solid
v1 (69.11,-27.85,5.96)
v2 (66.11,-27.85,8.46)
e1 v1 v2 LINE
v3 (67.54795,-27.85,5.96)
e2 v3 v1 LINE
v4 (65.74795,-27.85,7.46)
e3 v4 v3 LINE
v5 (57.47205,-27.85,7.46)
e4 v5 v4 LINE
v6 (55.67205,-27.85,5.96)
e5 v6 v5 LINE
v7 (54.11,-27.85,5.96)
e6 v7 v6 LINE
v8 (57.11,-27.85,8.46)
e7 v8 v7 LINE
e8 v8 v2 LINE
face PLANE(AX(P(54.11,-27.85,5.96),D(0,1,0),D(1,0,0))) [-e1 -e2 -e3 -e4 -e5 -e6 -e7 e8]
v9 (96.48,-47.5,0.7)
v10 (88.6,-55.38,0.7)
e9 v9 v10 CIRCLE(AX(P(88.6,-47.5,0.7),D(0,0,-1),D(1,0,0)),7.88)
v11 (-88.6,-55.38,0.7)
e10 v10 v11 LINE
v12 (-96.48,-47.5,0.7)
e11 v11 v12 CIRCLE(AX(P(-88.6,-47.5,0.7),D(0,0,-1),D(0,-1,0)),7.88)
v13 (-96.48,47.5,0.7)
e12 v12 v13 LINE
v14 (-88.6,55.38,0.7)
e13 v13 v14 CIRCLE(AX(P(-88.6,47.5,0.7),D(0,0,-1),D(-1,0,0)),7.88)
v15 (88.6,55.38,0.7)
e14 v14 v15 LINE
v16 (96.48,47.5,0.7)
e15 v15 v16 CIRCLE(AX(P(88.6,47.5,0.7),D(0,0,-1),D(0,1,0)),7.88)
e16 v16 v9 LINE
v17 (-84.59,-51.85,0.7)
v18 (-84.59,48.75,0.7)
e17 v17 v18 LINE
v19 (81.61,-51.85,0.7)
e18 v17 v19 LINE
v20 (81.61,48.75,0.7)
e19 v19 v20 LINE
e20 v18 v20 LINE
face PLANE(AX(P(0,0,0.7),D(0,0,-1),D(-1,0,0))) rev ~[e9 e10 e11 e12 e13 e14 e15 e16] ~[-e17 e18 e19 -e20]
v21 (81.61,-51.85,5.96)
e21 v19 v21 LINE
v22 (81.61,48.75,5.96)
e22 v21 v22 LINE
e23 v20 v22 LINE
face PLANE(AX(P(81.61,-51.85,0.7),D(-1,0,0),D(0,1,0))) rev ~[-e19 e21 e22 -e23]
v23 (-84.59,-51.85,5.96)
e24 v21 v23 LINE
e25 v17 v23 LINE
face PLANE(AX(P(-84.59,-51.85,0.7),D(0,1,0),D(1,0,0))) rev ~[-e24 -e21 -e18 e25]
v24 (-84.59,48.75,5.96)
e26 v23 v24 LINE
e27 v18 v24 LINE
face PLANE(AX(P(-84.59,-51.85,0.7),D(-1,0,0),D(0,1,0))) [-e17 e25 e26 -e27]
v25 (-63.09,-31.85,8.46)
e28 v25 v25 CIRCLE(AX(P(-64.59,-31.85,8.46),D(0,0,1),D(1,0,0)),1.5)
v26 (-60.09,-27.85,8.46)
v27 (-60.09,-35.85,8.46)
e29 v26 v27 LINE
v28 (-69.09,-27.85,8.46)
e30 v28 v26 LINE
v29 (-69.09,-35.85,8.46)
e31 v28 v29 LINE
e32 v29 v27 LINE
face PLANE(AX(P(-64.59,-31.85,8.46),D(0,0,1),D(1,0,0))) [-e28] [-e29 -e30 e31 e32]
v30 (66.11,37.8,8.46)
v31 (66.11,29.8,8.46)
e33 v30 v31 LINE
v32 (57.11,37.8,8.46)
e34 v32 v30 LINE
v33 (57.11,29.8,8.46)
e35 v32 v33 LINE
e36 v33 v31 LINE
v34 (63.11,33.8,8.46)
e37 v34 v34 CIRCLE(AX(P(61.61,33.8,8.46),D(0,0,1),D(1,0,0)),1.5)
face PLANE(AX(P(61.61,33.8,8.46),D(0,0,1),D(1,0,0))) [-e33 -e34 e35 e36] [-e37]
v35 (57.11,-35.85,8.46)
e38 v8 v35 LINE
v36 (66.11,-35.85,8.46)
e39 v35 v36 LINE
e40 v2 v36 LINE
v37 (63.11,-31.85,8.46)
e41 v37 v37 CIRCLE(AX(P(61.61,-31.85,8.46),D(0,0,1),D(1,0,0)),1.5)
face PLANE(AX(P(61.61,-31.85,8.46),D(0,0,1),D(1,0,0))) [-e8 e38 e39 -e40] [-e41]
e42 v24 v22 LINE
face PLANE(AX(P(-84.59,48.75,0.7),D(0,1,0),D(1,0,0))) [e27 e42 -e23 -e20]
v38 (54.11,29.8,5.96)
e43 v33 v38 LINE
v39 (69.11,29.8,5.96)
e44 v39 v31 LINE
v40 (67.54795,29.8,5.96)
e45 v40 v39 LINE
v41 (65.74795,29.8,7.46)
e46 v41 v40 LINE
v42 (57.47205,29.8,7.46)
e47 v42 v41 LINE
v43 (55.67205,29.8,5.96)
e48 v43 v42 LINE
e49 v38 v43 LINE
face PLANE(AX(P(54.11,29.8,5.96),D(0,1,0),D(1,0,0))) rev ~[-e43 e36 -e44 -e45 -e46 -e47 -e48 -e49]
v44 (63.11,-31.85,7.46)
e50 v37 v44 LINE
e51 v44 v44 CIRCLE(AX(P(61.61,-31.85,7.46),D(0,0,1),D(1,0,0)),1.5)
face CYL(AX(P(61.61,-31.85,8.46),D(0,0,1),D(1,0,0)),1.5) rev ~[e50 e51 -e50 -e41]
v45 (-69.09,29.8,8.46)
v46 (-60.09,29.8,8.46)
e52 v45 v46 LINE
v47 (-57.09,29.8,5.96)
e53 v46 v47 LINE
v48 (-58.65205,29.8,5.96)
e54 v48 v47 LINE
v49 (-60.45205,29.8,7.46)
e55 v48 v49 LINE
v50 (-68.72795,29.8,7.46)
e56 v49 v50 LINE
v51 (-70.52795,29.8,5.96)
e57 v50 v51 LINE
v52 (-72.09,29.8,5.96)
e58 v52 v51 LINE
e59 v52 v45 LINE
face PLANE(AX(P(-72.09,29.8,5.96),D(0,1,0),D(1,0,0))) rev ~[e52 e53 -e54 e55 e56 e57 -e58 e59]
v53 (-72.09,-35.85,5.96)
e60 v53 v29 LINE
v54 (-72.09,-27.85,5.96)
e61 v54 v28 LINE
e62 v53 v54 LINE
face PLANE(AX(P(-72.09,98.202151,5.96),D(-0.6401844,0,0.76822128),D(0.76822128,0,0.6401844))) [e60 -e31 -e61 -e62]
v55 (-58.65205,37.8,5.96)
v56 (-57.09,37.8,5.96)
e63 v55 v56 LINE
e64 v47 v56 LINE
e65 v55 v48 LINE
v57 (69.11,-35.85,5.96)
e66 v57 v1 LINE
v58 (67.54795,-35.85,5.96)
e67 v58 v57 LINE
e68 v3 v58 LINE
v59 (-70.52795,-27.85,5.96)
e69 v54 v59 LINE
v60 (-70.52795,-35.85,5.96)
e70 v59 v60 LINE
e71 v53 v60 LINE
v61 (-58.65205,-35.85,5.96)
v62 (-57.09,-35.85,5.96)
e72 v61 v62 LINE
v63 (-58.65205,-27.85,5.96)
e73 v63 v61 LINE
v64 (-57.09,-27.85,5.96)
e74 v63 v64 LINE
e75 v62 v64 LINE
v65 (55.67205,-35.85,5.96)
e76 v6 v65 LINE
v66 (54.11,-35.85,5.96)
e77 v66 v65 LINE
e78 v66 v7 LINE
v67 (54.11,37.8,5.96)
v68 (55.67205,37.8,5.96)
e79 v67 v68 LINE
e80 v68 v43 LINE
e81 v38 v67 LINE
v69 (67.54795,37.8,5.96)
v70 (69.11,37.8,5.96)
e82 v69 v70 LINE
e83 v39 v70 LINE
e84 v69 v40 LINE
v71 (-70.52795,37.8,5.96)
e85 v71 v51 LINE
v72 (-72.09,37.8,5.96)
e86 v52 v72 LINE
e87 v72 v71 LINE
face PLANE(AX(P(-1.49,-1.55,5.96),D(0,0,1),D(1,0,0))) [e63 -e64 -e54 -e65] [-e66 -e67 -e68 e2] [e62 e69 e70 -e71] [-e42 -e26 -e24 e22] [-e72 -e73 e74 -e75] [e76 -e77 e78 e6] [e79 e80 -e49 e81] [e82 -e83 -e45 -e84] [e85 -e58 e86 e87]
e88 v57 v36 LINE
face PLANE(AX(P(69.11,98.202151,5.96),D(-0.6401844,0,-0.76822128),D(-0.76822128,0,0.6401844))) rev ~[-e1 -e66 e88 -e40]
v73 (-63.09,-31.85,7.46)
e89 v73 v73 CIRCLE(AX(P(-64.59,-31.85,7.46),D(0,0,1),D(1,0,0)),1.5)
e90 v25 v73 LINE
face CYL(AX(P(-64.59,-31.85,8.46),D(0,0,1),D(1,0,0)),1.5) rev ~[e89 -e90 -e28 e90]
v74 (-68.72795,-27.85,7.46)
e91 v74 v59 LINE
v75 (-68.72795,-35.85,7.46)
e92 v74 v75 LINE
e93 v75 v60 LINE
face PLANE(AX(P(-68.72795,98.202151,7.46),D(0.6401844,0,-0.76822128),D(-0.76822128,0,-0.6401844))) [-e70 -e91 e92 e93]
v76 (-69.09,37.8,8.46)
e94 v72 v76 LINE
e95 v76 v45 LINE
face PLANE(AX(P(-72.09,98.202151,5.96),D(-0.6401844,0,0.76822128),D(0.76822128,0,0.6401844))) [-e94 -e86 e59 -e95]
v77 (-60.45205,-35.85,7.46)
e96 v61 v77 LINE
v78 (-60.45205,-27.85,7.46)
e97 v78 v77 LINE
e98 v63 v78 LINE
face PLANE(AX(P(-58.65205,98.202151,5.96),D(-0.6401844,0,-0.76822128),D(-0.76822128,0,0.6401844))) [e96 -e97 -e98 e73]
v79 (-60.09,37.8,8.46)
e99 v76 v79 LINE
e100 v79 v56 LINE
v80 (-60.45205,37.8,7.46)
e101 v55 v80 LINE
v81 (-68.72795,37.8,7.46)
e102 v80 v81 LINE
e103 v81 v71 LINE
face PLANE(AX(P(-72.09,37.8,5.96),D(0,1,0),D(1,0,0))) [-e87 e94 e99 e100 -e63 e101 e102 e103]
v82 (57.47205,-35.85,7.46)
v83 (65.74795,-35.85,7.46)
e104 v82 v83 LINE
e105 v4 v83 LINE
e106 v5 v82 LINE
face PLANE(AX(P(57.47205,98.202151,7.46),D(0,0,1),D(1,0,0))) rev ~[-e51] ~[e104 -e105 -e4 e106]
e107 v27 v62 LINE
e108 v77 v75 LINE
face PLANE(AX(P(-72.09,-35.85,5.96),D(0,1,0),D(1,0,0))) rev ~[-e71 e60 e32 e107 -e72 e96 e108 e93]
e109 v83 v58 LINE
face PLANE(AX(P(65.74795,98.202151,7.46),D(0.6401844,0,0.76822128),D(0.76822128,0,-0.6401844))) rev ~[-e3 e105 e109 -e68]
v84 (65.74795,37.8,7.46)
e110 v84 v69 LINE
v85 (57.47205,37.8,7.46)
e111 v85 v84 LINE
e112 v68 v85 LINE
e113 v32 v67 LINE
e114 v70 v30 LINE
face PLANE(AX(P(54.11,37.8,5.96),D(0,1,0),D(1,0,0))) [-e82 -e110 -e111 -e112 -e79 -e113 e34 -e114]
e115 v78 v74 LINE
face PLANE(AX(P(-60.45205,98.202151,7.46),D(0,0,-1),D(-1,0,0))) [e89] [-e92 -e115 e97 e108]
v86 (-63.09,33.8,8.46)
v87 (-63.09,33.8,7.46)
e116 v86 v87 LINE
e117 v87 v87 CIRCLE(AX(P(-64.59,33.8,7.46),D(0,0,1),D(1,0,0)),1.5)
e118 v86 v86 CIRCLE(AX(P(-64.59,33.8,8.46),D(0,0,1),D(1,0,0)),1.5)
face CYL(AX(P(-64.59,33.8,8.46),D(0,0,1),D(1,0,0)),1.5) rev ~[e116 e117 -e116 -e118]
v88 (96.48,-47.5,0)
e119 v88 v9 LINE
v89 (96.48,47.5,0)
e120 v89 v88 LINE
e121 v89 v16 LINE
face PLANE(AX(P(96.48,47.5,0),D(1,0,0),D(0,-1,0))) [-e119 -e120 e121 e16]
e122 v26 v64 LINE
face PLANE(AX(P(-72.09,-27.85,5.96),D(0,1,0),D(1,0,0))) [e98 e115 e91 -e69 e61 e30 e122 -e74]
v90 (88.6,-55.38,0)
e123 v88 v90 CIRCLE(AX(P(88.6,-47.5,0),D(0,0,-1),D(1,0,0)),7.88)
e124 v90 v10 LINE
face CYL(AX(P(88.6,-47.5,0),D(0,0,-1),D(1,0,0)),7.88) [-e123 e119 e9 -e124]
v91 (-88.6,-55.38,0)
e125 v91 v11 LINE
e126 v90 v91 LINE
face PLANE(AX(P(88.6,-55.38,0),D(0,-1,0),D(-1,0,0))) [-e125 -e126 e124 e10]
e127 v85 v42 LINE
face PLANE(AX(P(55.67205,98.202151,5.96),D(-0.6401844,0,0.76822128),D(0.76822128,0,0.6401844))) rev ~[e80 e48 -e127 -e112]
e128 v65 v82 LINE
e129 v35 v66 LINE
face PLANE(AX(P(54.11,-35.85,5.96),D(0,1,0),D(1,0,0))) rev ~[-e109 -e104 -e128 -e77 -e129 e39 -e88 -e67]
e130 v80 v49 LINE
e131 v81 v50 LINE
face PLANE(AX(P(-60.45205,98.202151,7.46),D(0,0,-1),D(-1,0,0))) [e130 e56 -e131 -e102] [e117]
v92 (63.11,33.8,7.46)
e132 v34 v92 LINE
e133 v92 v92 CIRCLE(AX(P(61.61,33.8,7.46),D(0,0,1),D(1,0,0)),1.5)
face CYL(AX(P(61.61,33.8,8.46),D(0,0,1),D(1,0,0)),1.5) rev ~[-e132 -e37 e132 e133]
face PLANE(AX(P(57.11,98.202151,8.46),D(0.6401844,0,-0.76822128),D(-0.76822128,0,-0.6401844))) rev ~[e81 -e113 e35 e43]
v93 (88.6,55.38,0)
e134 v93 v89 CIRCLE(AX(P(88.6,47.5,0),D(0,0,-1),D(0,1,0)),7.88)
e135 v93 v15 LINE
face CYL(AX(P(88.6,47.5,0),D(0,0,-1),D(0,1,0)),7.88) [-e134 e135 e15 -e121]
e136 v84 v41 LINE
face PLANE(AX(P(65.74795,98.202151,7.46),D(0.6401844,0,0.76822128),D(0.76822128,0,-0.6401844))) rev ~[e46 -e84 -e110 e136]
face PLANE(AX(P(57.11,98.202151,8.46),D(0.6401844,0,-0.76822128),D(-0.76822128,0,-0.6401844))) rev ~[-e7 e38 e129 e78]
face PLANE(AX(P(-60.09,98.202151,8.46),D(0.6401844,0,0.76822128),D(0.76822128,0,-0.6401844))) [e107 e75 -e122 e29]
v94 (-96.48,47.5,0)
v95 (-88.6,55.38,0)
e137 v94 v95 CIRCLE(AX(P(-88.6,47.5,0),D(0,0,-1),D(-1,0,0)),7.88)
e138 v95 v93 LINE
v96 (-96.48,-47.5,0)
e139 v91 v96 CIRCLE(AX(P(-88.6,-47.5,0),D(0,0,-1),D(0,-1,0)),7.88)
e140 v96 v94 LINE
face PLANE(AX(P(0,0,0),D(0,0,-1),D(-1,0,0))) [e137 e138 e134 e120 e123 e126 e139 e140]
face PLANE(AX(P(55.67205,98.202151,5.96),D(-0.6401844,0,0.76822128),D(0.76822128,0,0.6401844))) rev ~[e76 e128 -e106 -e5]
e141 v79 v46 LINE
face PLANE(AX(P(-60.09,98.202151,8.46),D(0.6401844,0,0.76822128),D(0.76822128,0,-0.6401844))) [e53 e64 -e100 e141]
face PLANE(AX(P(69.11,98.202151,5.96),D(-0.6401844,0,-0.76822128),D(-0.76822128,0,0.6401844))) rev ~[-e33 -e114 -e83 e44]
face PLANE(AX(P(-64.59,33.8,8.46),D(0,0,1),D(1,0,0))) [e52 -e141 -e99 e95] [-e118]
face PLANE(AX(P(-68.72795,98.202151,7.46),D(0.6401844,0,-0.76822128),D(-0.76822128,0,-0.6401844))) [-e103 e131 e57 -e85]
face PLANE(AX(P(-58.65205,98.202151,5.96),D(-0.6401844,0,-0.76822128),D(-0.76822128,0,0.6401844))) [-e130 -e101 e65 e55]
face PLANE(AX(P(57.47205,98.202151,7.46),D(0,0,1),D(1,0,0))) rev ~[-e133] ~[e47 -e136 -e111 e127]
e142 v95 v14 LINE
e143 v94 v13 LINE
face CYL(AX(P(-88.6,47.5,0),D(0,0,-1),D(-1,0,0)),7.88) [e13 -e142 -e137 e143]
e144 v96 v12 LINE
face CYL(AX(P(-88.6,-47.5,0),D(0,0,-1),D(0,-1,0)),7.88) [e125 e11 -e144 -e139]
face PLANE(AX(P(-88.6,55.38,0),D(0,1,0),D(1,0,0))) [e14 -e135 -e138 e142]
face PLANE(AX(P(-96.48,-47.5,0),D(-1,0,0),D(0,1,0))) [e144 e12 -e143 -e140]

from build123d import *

# Parameters (mm, degrees)
BOSS_EXTRUDE1_DEPTH     = 0.7
SKETCH2_W               = 166.2
SKETCH2_H               = 100.6
BOSS_EXTRUDE2_DEPTH     = 5.26
SKETCH3_W               = 15
SKETCH3_H               = 8
BOSS_EXTRUDE3_DEPTH     = 2.5
CUT_EXTRUDE1_DEPTH      = 134.052151054
CUT_EXTRUDE1_DEPTH_BACK = 134.052151054
CUT_EXTRUDE2_REACH      = 113.566
SKETCH5_R               = 1.5


with BuildPart() as part:
    # Sketch1 → Boss-Extrude1 (new body)
    with BuildSketch(Plane.XY):
        with BuildLine():
            Line((-88.6, 55.38), (88.6, 55.38))
            ThreePointArc((88.6, 55.38), (94.172001436, 53.072001436), (96.48, 47.5))
            Line((96.48, 47.5), (96.48, -47.5))
            ThreePointArc((96.48, -47.5), (94.172001436, -53.072001436), (88.6, -55.38))
            Line((88.6, -55.38), (-88.6, -55.38))
            ThreePointArc((-88.6, -55.38), (-94.172001436, -53.072001436), (-96.48, -47.5))
            Line((-96.48, -47.5), (-96.48, 47.5))
            ThreePointArc((-96.48, 47.5), (-94.172001436, 53.072001436), (-88.6, 55.38))
        make_face()
    extrude(amount=BOSS_EXTRUDE1_DEPTH)

    # Sketch2 → Boss-Extrude2 (add)
    with BuildSketch(Plane.XY.offset(0.7)):
        with Locations((-1.49, -1.55)):
            Rectangle(SKETCH2_W, SKETCH2_H)
    extrude(amount=BOSS_EXTRUDE2_DEPTH)

    # Sketch3 → Boss-Extrude3 (add)
    with BuildSketch(Plane.XY.offset(5.96)):
        with Locations((-64.59, 33.8)):
            Rectangle(SKETCH3_W, SKETCH3_H)
        with Locations((-64.59, -31.85)):
            Rectangle(SKETCH3_W, SKETCH3_H)
        with Locations((61.61, 33.8)):
            Rectangle(SKETCH3_W, SKETCH3_H)
        with Locations((61.61, -31.85)):
            Rectangle(SKETCH3_W, SKETCH3_H)
    extrude(amount=BOSS_EXTRUDE3_DEPTH)

    # Sketch4 → Cut-Extrude1 (cut, two sides: drawn at the far end of the back side and taken through both)
    with BuildSketch(Plane.XZ.offset(35.85).offset(-CUT_EXTRUDE1_DEPTH_BACK)):
        Polygon((-72.09, 8.46), (-72.09, 5.96), (-69.09, 8.46), align=None)
        Polygon((-57.09, 5.96), (-57.09, 8.46), (-60.09, 8.46), align=None)
        Polygon((-60.452049935, 7.46), (-68.727950065, 7.46), (-70.527950065, 5.96), (-58.652049935, 5.96), align=None)
        Polygon((55.672049935, 5.96), (57.472049935, 7.46), (65.747950065, 7.46), (67.547950065, 5.96), align=None)
        Polygon((57.11, 8.46), (54.11, 5.96), (54.11, 8.46), align=None)
        Polygon((66.11, 8.46), (69.11, 8.46), (69.11, 5.96), align=None)
    extrude(amount=CUT_EXTRUDE1_DEPTH + CUT_EXTRUDE1_DEPTH_BACK, mode=Mode.SUBTRACT)

    # Sketch5 → Cut-Extrude2 (cut, up to next)
    with BuildSketch(Plane.XY.offset(8.46), mode=Mode.PRIVATE) as cut_extrude2_sk1:
        with Locations((-64.59, 33.8)):
            Circle(SKETCH5_R)
    cut_extrude2_tool1 = extrude(cut_extrude2_sk1.sketch, amount=-CUT_EXTRUDE2_REACH, mode=Mode.PRIVATE) & part.part
    # Sketch5 → Cut-Extrude2 (cut, up to next)
    with BuildSketch(Plane.XY.offset(8.46), mode=Mode.PRIVATE) as cut_extrude2_sk2:
        with Locations((-64.59, -31.85)):
            Circle(SKETCH5_R)
    cut_extrude2_tool2 = extrude(cut_extrude2_sk2.sketch, amount=-CUT_EXTRUDE2_REACH, mode=Mode.PRIVATE) & part.part
    # Sketch5 → Cut-Extrude2 (cut, up to next)
    with BuildSketch(Plane.XY.offset(8.46), mode=Mode.PRIVATE) as cut_extrude2_sk3:
        with Locations((61.61, -31.85)):
            Circle(SKETCH5_R)
    cut_extrude2_tool3 = extrude(cut_extrude2_sk3.sketch, amount=-CUT_EXTRUDE2_REACH, mode=Mode.PRIVATE) & part.part
    # Sketch5 → Cut-Extrude2 (cut, up to next)
    with BuildSketch(Plane.XY.offset(8.46), mode=Mode.PRIVATE) as cut_extrude2_sk4:
        with Locations((61.61, 33.8)):
            Circle(SKETCH5_R)
    cut_extrude2_tool4 = extrude(cut_extrude2_sk4.sketch, amount=-CUT_EXTRUDE2_REACH, mode=Mode.PRIVATE) & part.part
    add(cut_extrude2_tool1.solids().sort_by_distance((-64.59, 33.8, 8.46))[0], mode=Mode.SUBTRACT)
    add(cut_extrude2_tool2.solids().sort_by_distance((-64.59, -31.85, 8.46))[0], mode=Mode.SUBTRACT)
    add(cut_extrude2_tool3.solids().sort_by_distance((61.61, -31.85, 8.46))[0], mode=Mode.SUBTRACT)
    add(cut_extrude2_tool4.solids().sort_by_distance((61.61, 33.8, 8.46))[0], mode=Mode.SUBTRACT)


solid = part.part
